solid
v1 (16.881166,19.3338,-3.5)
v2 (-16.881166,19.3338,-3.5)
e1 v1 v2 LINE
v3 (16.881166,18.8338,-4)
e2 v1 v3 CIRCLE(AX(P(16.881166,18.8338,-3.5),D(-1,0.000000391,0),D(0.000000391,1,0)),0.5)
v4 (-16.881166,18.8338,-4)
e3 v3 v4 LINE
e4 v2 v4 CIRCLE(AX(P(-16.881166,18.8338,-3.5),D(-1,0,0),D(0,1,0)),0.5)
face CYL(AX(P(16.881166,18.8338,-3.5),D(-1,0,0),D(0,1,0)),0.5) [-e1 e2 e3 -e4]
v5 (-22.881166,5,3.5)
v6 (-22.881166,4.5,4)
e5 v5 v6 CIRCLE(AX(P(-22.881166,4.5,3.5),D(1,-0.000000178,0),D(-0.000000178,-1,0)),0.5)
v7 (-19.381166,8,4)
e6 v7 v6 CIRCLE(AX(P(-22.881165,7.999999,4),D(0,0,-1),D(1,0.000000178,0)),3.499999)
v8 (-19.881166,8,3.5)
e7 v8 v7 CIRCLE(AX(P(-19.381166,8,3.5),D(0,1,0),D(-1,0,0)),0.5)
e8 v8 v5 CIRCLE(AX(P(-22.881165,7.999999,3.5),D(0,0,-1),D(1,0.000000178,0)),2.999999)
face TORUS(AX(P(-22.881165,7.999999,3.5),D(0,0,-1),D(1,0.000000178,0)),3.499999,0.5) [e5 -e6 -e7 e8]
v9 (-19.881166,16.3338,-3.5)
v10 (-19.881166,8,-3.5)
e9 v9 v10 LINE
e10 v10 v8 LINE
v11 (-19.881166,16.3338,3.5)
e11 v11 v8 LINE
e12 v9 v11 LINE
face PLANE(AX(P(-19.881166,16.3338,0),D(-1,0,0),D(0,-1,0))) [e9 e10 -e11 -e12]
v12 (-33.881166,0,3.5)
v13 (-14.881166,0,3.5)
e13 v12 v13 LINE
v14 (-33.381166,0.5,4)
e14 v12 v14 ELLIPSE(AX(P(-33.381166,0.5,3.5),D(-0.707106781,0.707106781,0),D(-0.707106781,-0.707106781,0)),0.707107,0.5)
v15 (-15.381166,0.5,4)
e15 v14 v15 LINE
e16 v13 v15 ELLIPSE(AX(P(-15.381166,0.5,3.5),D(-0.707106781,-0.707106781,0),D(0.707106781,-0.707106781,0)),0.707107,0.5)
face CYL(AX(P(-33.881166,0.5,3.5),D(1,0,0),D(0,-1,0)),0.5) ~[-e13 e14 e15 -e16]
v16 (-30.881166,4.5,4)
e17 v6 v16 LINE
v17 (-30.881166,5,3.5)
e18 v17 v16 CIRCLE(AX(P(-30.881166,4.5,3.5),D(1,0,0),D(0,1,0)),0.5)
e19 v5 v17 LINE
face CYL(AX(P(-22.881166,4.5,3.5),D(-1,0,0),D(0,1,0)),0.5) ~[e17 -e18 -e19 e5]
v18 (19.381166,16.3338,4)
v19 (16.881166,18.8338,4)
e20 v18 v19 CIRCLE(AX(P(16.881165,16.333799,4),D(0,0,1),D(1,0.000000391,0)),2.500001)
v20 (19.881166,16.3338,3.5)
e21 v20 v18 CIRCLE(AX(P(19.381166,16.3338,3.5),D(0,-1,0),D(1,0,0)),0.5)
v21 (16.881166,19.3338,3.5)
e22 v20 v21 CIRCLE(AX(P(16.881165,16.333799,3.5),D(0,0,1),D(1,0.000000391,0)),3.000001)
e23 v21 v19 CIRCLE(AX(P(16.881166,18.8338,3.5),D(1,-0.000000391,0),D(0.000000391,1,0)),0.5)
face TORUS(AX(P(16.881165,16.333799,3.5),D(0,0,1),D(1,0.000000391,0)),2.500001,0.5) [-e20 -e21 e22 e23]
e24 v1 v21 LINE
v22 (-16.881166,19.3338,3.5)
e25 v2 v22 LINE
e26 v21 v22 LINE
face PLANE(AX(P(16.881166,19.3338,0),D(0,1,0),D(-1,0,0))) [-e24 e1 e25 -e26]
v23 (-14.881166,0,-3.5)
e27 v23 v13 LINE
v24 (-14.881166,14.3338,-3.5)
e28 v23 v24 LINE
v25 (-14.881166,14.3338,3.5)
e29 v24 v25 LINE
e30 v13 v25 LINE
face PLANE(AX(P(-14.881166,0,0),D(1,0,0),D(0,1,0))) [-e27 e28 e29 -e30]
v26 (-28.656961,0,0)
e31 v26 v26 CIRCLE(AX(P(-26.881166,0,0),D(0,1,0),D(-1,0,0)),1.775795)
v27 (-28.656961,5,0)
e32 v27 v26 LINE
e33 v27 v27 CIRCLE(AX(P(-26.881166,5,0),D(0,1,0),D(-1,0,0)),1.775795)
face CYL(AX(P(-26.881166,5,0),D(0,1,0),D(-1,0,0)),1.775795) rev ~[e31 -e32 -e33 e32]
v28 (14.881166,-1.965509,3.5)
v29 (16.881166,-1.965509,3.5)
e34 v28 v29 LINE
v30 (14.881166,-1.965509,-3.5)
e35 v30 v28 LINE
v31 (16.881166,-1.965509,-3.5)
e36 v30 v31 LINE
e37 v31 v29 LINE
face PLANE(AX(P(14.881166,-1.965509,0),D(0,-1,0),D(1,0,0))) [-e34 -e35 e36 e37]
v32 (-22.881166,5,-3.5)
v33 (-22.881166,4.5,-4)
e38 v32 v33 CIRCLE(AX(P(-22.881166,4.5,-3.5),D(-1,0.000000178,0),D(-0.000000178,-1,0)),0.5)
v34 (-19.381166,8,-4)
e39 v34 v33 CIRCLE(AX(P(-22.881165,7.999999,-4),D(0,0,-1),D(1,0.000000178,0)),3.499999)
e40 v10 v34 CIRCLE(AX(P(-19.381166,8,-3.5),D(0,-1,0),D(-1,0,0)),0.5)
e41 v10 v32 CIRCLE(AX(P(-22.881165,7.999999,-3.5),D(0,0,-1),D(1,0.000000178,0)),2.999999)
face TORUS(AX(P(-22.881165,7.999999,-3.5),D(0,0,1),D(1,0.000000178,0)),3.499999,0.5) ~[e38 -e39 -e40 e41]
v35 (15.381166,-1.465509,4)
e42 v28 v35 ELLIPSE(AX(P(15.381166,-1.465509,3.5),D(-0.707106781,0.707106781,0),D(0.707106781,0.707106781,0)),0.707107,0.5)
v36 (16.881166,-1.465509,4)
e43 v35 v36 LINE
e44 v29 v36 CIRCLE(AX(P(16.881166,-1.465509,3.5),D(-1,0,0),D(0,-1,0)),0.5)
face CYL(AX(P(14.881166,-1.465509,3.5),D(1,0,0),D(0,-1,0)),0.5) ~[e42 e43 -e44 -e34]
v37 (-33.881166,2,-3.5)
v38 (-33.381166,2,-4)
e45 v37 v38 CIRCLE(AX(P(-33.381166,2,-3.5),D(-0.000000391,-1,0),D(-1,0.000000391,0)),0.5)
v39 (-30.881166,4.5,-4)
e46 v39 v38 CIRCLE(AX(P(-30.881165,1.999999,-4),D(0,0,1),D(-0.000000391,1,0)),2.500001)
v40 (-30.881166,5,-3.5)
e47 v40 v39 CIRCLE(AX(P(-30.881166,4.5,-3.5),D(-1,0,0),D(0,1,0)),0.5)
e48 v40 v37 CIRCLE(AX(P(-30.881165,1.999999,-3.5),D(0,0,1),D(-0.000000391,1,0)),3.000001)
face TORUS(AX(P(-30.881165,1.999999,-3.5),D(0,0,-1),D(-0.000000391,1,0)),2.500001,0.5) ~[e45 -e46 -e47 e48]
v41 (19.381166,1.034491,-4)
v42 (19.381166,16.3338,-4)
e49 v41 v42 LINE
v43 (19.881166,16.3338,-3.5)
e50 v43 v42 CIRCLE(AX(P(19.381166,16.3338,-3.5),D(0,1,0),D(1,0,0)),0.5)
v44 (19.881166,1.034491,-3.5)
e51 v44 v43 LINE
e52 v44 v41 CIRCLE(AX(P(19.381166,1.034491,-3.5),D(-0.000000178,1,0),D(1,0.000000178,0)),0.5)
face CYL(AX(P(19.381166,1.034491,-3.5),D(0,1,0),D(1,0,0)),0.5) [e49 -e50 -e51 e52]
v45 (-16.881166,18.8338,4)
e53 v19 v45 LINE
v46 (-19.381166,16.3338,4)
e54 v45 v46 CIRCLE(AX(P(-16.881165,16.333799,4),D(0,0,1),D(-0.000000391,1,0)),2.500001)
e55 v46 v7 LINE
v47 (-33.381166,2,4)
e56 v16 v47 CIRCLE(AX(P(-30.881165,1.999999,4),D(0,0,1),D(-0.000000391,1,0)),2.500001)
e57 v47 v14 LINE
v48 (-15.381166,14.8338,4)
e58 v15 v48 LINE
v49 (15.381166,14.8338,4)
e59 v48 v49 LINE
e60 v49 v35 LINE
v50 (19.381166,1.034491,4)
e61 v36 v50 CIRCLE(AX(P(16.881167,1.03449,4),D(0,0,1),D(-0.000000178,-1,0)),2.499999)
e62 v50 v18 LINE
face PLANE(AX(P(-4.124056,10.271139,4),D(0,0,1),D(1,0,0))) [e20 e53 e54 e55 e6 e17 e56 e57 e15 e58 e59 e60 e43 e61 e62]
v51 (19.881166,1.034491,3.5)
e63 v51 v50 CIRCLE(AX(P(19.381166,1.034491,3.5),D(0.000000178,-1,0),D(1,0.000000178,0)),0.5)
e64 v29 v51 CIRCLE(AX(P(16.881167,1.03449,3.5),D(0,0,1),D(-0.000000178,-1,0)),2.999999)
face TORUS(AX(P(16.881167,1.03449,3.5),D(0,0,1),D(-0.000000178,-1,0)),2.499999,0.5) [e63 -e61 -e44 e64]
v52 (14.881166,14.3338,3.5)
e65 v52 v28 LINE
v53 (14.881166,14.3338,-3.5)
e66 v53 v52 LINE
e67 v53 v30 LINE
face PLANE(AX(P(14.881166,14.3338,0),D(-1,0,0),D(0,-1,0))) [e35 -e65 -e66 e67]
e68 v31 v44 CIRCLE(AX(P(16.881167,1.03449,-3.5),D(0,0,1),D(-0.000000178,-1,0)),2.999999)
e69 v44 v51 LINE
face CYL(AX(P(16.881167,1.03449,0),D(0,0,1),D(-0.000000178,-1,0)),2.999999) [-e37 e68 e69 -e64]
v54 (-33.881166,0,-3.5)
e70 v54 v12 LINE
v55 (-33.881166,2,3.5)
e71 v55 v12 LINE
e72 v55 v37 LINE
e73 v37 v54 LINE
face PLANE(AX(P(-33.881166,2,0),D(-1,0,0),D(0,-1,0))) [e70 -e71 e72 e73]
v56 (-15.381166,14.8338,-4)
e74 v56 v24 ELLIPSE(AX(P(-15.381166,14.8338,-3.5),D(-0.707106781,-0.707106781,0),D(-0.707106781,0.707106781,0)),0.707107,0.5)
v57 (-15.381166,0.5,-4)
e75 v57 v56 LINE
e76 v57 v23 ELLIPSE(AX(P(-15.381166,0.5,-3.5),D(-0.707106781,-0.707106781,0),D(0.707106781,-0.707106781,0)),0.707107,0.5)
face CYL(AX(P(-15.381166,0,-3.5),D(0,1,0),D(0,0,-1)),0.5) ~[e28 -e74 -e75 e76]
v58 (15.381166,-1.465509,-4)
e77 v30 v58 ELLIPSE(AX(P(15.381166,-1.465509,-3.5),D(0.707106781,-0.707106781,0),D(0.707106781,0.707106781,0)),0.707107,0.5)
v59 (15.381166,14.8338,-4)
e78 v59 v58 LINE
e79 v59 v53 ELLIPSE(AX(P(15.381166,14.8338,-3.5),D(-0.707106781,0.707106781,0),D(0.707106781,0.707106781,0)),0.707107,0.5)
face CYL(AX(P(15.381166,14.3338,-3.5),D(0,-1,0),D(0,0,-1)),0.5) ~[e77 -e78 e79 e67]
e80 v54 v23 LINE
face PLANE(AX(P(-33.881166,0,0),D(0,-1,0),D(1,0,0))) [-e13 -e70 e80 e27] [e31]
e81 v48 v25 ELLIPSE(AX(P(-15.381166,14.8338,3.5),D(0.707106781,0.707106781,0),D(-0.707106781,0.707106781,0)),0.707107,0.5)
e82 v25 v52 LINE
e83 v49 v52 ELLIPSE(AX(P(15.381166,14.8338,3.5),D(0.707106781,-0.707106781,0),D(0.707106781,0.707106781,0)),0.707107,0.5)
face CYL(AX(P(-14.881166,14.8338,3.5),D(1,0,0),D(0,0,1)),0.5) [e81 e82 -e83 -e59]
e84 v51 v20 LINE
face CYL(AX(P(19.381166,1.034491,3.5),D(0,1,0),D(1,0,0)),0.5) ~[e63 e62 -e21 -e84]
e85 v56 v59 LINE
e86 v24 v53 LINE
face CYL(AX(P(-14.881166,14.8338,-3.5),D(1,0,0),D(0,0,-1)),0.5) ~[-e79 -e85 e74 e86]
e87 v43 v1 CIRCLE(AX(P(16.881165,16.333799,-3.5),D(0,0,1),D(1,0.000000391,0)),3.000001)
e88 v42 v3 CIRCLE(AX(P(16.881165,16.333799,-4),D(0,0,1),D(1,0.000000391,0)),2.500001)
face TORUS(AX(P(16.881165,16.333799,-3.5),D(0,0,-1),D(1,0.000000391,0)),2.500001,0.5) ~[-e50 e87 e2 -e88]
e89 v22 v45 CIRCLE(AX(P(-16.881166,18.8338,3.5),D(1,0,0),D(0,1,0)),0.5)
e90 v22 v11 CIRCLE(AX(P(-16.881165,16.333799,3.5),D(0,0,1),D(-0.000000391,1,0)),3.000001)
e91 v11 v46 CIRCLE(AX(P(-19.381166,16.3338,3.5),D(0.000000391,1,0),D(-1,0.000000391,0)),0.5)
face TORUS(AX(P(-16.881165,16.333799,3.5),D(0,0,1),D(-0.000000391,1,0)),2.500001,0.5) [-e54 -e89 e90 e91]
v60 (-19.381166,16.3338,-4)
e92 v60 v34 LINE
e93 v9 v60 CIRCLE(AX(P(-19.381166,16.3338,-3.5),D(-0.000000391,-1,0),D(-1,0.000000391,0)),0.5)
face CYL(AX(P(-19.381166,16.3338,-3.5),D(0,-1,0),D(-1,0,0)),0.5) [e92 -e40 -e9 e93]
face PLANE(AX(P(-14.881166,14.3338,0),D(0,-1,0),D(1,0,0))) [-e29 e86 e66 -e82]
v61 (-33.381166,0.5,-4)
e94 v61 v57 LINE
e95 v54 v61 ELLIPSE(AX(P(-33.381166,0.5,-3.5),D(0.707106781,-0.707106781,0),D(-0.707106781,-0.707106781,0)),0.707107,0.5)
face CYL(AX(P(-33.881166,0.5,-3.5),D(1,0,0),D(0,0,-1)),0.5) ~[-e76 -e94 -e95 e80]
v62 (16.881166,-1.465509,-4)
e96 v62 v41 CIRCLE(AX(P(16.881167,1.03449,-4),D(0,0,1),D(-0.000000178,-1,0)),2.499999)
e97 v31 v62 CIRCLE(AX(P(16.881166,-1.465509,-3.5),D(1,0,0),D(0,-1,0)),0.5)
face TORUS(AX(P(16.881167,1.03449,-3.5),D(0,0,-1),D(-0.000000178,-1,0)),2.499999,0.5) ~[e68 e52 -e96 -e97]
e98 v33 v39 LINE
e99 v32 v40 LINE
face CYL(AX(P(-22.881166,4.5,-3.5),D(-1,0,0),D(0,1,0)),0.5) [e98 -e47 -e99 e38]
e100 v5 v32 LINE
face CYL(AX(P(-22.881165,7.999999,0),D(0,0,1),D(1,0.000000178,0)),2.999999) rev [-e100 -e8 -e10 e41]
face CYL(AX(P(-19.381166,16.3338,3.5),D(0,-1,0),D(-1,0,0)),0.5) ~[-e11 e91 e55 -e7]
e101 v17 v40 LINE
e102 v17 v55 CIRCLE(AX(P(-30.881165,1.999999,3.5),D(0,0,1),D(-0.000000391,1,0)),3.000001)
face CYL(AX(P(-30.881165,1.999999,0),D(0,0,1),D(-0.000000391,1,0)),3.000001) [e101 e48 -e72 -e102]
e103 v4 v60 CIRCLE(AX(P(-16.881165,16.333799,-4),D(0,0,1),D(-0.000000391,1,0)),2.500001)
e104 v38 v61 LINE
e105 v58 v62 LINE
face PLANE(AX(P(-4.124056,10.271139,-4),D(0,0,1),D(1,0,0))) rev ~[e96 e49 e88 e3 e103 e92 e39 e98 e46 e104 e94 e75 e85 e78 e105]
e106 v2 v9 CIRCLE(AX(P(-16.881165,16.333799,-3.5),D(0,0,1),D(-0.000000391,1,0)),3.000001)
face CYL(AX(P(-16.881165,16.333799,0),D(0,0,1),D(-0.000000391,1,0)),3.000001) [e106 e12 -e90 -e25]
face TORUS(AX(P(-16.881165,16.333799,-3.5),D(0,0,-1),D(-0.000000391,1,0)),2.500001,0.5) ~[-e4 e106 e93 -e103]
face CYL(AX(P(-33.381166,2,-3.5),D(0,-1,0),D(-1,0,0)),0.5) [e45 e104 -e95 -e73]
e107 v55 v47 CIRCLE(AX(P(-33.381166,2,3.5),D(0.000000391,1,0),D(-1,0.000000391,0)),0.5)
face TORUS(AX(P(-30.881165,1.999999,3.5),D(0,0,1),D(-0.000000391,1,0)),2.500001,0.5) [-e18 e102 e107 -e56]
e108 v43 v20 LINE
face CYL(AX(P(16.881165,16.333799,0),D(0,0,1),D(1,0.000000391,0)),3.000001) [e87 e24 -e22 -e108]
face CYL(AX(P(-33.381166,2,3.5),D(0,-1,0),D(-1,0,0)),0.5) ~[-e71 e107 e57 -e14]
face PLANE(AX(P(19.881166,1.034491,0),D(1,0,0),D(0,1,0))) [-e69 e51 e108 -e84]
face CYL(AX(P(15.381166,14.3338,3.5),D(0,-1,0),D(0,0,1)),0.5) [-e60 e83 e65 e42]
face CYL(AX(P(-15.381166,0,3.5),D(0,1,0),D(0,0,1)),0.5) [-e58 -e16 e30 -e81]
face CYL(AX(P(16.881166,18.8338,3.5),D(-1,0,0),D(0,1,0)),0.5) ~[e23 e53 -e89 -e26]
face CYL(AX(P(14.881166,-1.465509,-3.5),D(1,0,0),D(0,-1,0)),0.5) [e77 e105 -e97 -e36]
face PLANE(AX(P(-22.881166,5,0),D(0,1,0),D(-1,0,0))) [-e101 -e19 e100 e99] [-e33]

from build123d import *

# Parameters (mm, degrees)
F1_DEPTH = 4
F2_R     = 1.775795
F3_DEPTH = 6.966509
F4_R     = 0.5


with BuildPart() as f1:
    # F0 (on Top) → F1 (new body, symmetric)
    with BuildSketch(Plane.XY):
        with BuildLine():
            Line((-33.881166, 2), (-33.881166, 0))
            Line((-33.881166, 0), (-14.881166, 0))
            Line((-14.881166, 0), (-14.881166, 14.3338))
            Line((-14.881166, 14.3338), (14.881166, 14.3338))
            Line((14.881166, 14.3338), (14.881166, -1.965509))
            Line((14.881166, -1.965509), (16.881166, -1.965509))
            ThreePointArc((16.881166, -1.965509), (19.002486, -1.08683), (19.881166, 1.034491))
            Line((19.881166, 1.034491), (19.881166, 16.3338))
            ThreePointArc((19.881166, 16.3338), (19.002486, 18.45512), (16.881166, 19.3338))
            Line((16.881166, 19.3338), (-16.881166, 19.3338))
            ThreePointArc((-16.881166, 19.3338), (-19.002486, 18.45512), (-19.881166, 16.3338))
            Line((-19.881166, 16.3338), (-19.881166, 8))
            ThreePointArc((-19.881166, 8), (-20.759845, 5.87868), (-22.881166, 5))
            Line((-22.881166, 5), (-30.881166, 5))
            ThreePointArc((-30.881166, 5), (-33.002486, 4.12132), (-33.881166, 2))
        make_face()
    extrude(amount=F1_DEPTH, both=True)

    # F2 (on face) → F3 (cut, through all)
    with BuildSketch(Plane(origin=(0, 5, 0), x_dir=(-1, 0, 0), z_dir=(0, 1, 0))):
        with Locations((26.881166, 0)):
            Circle(F2_R)
    extrude(amount=-F3_DEPTH, mode=Mode.SUBTRACT)

    # F4
    f4_edges = [f1.edges().sort_by_distance(p)[0] for p in [
        (-33.881166, 1, 4),
        (-24.381166, 0, 4),
        (-14.881166, 7.1669, 4),
        (0, 14.3338, 4),
        (14.881166, 6.184145, 4),
        (15.881166, -1.965509, 4),
        (19.002486, -1.08683, 4),
        (19.881166, 8.684145, 4),
        (19.002486, 18.45512, 4),
        (0, 19.3338, 4),
        (-19.002486, 18.45512, 4),
        (-19.881166, 12.1669, 4),
        (-20.759845, 5.87868, 4),
        (-26.881166, 5, 4),
        (-33.002486, 4.12132, 4),
        (-33.881166, 1, -4),
        (-24.381166, 0, -4),
        (-14.881166, 7.1669, -4),
        (0, 14.3338, -4),
        (14.881166, 6.184145, -4),
        (15.881166, -1.965509, -4),
        (19.002486, -1.08683, -4),
        (19.881166, 8.684145, -4),
        (19.002486, 18.45512, -4),
        (0, 19.3338, -4),
        (-19.002486, 18.45512, -4),
        (-19.881166, 12.1669, -4),
        (-20.759845, 5.87868, -4),
        (-26.881166, 5, -4),
        (-33.002486, 4.12132, -4),
    ]]
    fillet(f4_edges, radius=F4_R)


solid = f1.part
